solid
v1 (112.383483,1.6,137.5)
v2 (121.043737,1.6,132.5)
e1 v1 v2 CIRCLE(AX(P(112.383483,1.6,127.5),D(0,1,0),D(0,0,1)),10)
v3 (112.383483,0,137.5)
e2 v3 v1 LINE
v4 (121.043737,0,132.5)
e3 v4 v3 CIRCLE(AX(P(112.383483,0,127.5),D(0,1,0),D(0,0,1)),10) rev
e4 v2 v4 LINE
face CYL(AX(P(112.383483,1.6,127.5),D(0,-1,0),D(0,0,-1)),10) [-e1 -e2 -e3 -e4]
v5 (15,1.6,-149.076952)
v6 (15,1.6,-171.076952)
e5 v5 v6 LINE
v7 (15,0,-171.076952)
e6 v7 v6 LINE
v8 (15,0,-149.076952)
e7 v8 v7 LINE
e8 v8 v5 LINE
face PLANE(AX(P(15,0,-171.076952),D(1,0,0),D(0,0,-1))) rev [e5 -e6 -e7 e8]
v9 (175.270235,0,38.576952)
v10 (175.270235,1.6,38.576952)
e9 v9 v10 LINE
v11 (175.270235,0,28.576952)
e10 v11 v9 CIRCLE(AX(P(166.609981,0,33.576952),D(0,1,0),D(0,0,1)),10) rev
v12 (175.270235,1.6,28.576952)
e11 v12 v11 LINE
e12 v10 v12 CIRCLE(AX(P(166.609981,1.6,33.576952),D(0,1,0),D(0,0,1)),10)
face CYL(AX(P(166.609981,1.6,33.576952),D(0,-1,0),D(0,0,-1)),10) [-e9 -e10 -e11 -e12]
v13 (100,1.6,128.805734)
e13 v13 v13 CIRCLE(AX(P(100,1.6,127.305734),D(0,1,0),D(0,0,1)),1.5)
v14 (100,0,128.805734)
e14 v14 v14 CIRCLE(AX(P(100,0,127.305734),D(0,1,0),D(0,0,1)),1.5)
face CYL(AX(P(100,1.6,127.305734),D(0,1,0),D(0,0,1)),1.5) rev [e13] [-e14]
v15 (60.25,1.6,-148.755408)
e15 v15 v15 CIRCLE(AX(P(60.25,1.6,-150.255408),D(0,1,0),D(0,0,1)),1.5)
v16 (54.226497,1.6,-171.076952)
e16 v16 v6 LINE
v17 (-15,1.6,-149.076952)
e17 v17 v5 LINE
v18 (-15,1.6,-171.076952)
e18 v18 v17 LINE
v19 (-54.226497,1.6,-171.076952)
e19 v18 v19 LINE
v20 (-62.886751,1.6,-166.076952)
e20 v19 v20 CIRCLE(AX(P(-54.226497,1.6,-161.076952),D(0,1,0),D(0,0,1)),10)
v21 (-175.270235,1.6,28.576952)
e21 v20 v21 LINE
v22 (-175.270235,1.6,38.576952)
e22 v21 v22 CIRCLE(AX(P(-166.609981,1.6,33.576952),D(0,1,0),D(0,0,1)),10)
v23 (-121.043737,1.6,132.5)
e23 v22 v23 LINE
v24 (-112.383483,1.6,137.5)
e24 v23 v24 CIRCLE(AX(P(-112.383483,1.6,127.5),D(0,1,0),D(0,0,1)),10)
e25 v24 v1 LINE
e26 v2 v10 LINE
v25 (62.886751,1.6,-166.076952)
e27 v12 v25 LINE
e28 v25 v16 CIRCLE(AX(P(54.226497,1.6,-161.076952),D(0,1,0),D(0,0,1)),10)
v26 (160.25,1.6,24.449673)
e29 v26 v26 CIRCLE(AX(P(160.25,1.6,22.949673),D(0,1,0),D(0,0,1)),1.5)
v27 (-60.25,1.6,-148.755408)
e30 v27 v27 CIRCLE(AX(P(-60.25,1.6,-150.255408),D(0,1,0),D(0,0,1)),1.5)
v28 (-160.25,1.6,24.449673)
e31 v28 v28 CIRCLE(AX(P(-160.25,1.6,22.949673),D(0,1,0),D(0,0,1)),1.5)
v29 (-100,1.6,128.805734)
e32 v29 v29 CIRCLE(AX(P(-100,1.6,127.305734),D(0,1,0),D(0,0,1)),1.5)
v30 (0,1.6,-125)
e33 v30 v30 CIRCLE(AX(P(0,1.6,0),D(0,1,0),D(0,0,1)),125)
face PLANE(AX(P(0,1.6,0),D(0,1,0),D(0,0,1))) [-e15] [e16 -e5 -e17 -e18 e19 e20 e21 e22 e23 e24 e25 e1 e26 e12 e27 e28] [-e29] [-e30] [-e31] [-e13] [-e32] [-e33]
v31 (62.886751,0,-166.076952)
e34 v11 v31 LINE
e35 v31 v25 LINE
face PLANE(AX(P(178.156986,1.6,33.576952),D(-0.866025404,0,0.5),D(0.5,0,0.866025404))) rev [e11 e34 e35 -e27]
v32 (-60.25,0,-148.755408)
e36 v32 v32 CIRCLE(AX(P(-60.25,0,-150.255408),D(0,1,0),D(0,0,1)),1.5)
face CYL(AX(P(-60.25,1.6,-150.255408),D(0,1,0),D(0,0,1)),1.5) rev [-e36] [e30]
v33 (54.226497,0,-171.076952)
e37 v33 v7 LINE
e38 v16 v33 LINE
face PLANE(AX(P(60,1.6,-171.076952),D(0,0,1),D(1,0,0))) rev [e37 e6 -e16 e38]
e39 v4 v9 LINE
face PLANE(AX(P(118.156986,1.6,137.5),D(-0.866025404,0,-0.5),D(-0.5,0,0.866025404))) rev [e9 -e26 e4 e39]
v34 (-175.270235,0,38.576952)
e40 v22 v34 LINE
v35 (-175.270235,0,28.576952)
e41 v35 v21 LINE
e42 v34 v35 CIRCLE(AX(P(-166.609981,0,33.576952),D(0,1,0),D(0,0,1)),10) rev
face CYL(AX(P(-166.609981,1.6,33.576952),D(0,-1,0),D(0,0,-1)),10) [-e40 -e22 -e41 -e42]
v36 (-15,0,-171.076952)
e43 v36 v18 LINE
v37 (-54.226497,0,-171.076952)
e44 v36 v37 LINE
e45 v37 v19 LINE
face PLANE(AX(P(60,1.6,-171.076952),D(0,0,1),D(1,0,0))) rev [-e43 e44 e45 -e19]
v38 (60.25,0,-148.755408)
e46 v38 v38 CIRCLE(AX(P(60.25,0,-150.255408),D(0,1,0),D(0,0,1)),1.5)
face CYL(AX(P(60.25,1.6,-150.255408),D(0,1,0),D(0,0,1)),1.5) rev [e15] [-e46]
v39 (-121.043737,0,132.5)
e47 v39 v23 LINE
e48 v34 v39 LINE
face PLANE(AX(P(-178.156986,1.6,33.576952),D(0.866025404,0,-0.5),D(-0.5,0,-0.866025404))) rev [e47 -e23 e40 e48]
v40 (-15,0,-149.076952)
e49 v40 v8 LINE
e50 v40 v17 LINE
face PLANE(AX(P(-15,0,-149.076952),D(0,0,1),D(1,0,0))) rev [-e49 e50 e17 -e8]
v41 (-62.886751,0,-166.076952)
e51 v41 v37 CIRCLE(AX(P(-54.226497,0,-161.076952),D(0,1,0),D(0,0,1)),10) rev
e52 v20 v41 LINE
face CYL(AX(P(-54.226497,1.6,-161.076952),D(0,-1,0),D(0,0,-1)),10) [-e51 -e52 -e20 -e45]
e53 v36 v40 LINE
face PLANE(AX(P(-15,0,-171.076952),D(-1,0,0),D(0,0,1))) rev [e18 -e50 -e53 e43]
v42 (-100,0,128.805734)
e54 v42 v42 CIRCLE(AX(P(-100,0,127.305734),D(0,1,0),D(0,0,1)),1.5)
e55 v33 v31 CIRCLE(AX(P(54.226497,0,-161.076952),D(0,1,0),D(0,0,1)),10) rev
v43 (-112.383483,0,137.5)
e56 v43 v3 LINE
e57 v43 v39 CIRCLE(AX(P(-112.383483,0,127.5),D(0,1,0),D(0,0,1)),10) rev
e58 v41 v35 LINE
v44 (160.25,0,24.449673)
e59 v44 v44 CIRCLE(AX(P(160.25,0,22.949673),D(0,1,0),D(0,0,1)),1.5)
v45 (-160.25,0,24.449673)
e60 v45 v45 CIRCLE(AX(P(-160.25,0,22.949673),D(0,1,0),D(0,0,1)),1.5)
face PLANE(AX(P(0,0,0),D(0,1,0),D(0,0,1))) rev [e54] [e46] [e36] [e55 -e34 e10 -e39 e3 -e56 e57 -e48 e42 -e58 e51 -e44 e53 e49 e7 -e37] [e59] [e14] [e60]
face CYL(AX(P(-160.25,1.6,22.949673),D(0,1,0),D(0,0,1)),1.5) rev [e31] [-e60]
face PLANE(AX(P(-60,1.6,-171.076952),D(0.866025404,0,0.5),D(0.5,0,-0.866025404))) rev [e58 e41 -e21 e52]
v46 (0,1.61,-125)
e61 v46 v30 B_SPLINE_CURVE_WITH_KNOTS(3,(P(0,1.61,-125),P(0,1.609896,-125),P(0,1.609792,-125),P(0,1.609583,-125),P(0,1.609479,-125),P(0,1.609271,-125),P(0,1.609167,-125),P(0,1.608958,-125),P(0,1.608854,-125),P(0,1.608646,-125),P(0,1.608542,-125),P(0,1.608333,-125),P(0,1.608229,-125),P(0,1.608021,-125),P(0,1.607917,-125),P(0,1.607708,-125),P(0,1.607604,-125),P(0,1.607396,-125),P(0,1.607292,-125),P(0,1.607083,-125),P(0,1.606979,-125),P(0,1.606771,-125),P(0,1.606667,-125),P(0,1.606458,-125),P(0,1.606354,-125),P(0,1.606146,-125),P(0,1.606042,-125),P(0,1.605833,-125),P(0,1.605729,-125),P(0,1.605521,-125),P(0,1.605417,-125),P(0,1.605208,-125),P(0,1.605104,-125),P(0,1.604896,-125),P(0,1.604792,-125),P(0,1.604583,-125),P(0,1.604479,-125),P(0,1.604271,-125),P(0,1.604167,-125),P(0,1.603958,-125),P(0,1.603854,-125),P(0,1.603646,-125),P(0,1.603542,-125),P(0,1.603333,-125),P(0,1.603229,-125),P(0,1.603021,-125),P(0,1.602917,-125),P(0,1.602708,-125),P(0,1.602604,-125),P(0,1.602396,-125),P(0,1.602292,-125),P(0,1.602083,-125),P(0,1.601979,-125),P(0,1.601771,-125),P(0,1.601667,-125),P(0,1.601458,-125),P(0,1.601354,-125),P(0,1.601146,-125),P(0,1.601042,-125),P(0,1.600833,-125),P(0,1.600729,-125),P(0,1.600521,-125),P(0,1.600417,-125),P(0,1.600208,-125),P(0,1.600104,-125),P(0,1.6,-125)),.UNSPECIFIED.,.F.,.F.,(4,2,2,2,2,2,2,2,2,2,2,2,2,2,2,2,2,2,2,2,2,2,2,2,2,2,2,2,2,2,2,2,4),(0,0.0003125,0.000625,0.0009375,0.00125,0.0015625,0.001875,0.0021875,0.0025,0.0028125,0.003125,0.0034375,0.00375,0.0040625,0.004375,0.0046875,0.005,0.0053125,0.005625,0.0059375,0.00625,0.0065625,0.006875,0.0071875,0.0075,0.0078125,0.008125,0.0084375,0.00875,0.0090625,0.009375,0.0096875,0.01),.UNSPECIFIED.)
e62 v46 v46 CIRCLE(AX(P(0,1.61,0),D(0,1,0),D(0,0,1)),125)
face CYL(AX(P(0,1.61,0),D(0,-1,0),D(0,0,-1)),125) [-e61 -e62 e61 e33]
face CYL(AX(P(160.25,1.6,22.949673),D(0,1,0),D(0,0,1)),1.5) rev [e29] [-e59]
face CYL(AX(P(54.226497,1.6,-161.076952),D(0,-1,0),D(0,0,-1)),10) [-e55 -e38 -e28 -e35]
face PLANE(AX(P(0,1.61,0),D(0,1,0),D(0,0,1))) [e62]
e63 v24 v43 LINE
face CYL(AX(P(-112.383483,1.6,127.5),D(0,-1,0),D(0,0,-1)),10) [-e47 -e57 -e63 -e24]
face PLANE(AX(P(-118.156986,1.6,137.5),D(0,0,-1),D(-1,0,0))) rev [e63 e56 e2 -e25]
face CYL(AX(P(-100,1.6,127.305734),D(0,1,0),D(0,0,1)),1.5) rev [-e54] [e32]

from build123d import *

# Parameters (mm, degrees)
EXTRUDE_385_DEPTH   = 1.6
FILLET_1_R          = 10
SKETCH_2_W          = 30
SKETCH_2_H          = 22
CUT_EXTRUDE_1_DEPTH = 246.888122157
SKETCH_3_R          = 125
EXTRUDE_1240_DEPTH  = 0.01
HOLE_WIZARD_3_D     = 3


with BuildPart() as part:
    # Эскиз1 → Extrude 385 (new body)
    with BuildSketch(Plane(origin=(0, 0, 0), x_dir=(1, 0, 0), z_dir=(0, 1, 0))):
        Polygon((178.156986041, -33.576951546), (60, 171.076951546), (-60, 171.076951546), (-178.156986041, -33.576951546), (-118.156986041, -137.5), (118.156986041, -137.5), align=None)
    extrude(amount=EXTRUDE_385_DEPTH)

    # Скругление1
    fillet_1_edges = [part.edges().sort_by_distance(p)[0] for p in [
        (118.156986041, 0.8, 137.5),
        (-118.156986041, 0.8, 137.5),
        (-178.156986041, 0.8, 33.576951546),
        (-60, 0.8, -171.076951546),
        (60, 0.8, -171.076951546),
        (178.156986041, 0.8, 33.576951546),
    ]]
    fillet(fillet_1_edges, radius=FILLET_1_R)

    # Эскиз2 → Вырез-Вытянуть1 (cut, through all)
    with BuildSketch(Plane(origin=(0, 1.6, 0), x_dir=(1, 0, 0), z_dir=(0, 1, 0))):
        with Locations((0, 160.076951546)):
            Rectangle(SKETCH_2_W, SKETCH_2_H)
    extrude(amount=-CUT_EXTRUDE_1_DEPTH, mode=Mode.SUBTRACT)

    # Эскиз3 → Extrude 1240 (add)
    with BuildSketch(Plane(origin=(0, 1.6, 0), x_dir=(1, 0, 0), z_dir=(0, 1, 0))):
        with Locations(Location((0, 0, 0), (0, 0, 90))):
            Circle(SKETCH_3_R)
    extrude(amount=EXTRUDE_1240_DEPTH)

    # Отверстие 3мм (through all)
    with Locations(Plane(origin=(0, 1.6, 0), x_dir=(1, 0, 0), z_dir=(0, 1, 0))):
        with Locations((-60.25, 150.255407557), (60.25, 150.255407557), (160.25, -22.9496732), (100, -127.305734356), (-100, -127.305734356), (-160.25, -22.9496732)):
            Hole(HOLE_WIZARD_3_D / 2)


solid = part.part
